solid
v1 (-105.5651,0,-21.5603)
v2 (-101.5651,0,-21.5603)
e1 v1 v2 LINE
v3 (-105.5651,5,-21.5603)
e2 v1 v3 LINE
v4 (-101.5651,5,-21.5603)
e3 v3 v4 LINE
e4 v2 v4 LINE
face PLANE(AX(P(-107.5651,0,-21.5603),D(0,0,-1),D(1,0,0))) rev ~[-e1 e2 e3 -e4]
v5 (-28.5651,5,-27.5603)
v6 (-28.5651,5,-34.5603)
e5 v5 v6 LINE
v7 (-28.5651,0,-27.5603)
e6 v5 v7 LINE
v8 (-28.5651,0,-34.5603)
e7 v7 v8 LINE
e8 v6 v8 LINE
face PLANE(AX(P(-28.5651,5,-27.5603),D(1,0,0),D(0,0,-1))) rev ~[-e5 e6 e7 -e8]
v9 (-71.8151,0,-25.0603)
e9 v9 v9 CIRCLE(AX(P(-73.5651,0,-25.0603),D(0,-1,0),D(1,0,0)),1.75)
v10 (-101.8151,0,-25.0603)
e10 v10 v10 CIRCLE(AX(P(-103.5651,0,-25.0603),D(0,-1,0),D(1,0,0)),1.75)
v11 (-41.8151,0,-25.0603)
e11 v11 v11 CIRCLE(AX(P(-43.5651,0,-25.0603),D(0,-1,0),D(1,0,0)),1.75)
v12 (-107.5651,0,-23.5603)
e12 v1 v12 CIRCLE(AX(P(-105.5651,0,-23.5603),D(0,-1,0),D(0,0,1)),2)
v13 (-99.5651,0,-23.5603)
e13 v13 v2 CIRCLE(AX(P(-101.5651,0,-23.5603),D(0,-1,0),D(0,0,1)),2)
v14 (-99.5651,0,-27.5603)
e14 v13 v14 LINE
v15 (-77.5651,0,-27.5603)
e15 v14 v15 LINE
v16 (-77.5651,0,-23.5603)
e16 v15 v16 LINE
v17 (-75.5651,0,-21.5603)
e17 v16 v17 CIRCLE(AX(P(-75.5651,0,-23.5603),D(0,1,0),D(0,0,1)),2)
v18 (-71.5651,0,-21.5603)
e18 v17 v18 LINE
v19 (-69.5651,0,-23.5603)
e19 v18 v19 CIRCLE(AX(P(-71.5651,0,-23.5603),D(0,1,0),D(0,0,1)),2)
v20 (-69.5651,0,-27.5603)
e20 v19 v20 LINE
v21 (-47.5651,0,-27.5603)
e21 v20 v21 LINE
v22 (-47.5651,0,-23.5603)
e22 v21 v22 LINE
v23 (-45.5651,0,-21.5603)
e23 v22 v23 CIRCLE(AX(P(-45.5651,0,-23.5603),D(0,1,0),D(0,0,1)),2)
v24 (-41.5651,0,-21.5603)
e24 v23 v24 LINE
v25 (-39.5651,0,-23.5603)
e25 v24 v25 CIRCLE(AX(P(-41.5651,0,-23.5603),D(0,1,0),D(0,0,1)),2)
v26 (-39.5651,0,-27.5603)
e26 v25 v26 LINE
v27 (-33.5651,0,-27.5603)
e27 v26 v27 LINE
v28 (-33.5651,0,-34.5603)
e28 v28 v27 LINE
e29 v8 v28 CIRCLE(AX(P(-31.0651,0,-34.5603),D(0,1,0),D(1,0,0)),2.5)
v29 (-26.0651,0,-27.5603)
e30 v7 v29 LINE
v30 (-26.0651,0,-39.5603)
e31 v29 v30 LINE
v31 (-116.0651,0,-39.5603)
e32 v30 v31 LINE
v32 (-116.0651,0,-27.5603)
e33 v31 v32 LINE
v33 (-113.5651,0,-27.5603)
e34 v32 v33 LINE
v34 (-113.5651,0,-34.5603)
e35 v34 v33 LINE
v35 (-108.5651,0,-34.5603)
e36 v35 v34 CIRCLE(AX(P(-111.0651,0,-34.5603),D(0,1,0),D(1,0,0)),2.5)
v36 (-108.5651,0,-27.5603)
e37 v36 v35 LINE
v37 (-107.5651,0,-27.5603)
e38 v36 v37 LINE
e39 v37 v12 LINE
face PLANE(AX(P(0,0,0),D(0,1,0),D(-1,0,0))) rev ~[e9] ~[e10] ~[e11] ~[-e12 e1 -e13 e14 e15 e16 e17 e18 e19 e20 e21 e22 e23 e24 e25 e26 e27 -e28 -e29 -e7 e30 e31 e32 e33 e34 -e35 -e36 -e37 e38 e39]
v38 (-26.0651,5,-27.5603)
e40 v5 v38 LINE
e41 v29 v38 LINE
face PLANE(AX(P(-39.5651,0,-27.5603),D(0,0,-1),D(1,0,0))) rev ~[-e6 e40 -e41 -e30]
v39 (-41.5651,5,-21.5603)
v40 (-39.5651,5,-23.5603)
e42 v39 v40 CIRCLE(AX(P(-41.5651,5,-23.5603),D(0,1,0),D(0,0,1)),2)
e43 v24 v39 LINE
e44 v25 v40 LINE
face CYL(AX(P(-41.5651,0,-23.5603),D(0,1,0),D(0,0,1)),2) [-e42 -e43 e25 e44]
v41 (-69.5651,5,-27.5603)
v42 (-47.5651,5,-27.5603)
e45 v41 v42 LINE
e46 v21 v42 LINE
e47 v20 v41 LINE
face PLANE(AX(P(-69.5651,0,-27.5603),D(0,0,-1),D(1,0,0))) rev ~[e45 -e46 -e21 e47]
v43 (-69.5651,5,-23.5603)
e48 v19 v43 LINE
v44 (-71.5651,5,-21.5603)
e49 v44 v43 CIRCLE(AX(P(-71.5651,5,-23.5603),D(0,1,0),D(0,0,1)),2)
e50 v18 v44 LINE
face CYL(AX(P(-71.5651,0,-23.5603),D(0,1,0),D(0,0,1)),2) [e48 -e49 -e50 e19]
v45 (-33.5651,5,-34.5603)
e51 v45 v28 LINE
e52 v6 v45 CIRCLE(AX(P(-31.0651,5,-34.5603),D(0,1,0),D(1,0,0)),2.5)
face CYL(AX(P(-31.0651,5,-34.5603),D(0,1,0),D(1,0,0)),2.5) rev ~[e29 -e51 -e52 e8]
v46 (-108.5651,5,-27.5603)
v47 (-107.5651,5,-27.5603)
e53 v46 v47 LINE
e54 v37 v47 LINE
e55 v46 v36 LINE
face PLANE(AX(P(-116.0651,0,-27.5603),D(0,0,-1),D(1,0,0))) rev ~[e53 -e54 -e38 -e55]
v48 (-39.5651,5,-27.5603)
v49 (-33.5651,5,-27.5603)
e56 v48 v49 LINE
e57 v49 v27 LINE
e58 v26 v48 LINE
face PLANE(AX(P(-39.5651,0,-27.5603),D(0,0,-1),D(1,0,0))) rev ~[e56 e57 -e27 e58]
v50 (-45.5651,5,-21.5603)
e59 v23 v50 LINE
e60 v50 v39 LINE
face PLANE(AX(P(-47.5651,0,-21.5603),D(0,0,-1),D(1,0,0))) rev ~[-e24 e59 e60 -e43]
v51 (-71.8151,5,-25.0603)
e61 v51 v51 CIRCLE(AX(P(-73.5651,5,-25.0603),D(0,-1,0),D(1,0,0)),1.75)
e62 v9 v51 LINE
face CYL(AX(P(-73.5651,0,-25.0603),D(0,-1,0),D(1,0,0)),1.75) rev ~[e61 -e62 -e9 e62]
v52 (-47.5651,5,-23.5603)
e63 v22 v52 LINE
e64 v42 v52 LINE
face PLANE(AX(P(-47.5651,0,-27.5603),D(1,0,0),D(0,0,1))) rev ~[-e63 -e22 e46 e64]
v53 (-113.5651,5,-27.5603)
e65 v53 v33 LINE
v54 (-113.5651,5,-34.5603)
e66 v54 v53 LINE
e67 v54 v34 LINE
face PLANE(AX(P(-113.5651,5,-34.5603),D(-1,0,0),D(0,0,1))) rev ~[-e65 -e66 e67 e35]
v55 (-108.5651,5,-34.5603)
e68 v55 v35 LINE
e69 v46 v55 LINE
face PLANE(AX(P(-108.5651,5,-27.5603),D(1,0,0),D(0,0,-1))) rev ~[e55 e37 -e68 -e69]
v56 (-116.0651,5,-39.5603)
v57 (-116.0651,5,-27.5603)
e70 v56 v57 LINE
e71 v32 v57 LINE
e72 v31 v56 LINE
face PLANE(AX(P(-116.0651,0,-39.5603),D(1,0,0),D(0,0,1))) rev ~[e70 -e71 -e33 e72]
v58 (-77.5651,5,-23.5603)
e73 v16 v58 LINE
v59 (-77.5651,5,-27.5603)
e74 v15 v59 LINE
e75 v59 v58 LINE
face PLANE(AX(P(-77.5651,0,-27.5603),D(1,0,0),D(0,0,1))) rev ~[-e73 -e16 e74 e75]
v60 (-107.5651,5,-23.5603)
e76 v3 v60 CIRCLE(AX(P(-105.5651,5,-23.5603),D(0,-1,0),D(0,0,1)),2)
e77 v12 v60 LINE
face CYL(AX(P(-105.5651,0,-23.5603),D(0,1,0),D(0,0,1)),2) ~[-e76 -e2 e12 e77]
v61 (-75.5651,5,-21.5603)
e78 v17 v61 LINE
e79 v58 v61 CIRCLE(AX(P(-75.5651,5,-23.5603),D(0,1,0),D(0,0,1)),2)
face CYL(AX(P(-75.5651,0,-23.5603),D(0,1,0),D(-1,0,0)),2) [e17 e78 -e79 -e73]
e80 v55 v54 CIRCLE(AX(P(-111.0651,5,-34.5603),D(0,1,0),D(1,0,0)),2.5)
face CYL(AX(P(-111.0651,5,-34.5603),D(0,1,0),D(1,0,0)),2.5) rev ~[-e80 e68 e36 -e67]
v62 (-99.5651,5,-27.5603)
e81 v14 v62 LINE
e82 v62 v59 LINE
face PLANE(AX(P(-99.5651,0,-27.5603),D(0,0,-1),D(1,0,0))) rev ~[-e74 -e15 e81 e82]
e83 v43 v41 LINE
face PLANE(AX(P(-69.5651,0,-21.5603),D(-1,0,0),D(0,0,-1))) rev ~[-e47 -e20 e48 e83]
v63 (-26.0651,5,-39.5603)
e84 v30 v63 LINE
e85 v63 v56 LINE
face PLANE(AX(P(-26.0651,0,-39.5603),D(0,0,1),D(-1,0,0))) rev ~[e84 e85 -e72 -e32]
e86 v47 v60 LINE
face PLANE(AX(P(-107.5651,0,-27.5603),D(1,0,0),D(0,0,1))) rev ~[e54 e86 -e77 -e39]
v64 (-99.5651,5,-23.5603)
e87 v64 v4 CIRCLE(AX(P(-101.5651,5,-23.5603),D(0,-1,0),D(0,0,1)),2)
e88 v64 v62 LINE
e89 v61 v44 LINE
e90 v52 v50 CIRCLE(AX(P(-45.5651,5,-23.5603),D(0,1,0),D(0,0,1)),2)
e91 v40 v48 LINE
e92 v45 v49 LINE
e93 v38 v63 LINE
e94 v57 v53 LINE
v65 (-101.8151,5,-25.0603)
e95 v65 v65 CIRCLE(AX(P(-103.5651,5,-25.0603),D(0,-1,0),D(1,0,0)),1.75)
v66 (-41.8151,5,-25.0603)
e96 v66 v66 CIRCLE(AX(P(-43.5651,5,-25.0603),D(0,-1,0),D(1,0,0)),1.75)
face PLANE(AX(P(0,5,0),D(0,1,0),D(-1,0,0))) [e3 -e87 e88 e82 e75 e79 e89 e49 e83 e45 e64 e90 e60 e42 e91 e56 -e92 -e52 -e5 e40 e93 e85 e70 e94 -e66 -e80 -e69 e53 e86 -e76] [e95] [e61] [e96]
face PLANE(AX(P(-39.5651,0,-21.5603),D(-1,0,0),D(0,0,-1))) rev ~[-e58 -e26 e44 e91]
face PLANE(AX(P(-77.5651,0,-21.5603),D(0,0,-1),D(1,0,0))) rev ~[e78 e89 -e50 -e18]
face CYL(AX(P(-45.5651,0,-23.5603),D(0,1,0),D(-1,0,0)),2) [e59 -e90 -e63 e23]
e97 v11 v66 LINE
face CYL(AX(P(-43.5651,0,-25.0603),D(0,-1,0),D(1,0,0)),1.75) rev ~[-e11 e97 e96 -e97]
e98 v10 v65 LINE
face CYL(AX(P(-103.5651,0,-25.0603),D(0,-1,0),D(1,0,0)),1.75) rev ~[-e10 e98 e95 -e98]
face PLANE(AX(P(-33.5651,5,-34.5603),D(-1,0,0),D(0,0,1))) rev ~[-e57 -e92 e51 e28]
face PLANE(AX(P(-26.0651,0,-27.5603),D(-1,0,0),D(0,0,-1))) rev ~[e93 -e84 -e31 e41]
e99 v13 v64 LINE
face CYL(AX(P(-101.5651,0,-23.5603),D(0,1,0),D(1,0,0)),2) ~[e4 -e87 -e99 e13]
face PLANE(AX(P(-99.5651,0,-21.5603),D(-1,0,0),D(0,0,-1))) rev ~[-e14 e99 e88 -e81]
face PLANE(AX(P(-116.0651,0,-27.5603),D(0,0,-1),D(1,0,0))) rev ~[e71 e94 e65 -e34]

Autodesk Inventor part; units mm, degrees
ref_plane "YZ Plane" through (0, 0, 0) normal (1, 0, 0) x (0, 1, 0)
ref_plane "XZ Plane" through (0, 0, 0) normal (0, 1, 0) x (-1, 0, 0)
ref_plane "XY Plane" through (0, 0, 0) normal (0, 0, 1) x (1, 0, 0)
sketch "Sketch1" plane through (0, 0, 0) normal (0, 1, 0) x (-1, 0, 0)
  line L0 (26.0651, -39.5603) -> (116.0651, -39.5603)
  line L1 (116.0651, -39.5603) -> (116.0651, -27.5603)
  line L2 (116.0651, -27.5603) -> (26.0651, -27.5603)
  line L3 (26.0651, -27.5603) -> (26.0651, -39.5603)
  line L4 (39.5651, -27.5603) -> (47.5651, -27.5603)
  line L5 (47.5651, -27.5603) -> (47.5651, -21.5603)
  line L6 (47.5651, -21.5603) -> (39.5651, -21.5603)
  line L7 (39.5651, -21.5603) -> (39.5651, -27.5603)
  line L8 (69.5651, -27.5603) -> (77.5651, -27.5603)
  line L9 (77.5651, -27.5603) -> (77.5651, -21.5603)
  line L10 (77.5651, -21.5603) -> (69.5651, -21.5603)
  line L11 (69.5651, -21.5603) -> (69.5651, -27.5603)
  line L12 (99.5651, -27.5603) -> (107.5651, -27.5603)
  line L13 (107.5651, -27.5603) -> (107.5651, -21.5603)
  line L14 (107.5651, -21.5603) -> (99.5651, -21.5603)
  line L15 (99.5651, -21.5603) -> (99.5651, -27.5603)
  point P0 (0, 0)
  dimension "d0" = 90
  dimension "d3" = 12
  dimension "d4" = 21.5
  dimension "d5" = 30
  dimension "d6" = 30
  dimension "d7" = 6
  dimension "d8" = 6
  dimension "d9" = 6
  dimension "d10" = 8
  dimension "d11" = 8
  dimension "d12" = 8
extrude "Extrusion1" add sketch "Sketch1" along normal blind 5
fillet "Fillet1" radius 2 1 edges at (-99.5651, 2.5, -21.5603)
fillet "Fillet2" radius 2 1 edges at (-107.5651, 2.5, -21.5603)
fillet "Fillet3" radius 2 1 edges at (-77.5651, 2.5, -21.5603)
fillet "Fillet4" radius 2 1 edges at (-69.5651, 2.5, -21.5603)
fillet "Fillet5" radius 2 1 edges at (-47.5651, 2.5, -21.5603)
fillet "Fillet6" radius 2 1 edges at (-39.5651, 2.5, -21.5603)
sketch "Sketch2" plane through (0, 0, 0) normal (0, -1, 0) x (1, 0, 0)
  line L0 (-39.5651, -23.5603) -> (-39.5651, -27.5603) projected
  circle A0 centre (-103.5651, -25.0603) radius 1.75
  circle A1 centre (-73.5651, -25.0603) radius 1.75
  circle A2 centre (-43.5651, -25.0603) radius 1.75
  line L1 (-69.5651, -27.5603) -> (-47.5651, -27.5603) projected
  line L2 (-69.5651, -23.5603) -> (-69.5651, -27.5603) projected
  line L3 (-99.5651, -27.5603) -> (-77.5651, -27.5603) projected
  line L4 (-99.5651, -23.5603) -> (-99.5651, -27.5603) projected
  line L5 (-39.5651, -27.5603) -> (-26.0651, -27.5603) projected
  point P0 (0, 0)
  dimension "d23" = 3.5
  dimension "d29" = 3.5
  dimension "d30" = 3.5
  dimension "d47" = 2.5
  dimension "d48" = 4
  dimension "d49" = 2.5
  dimension "d50" = 4
  dimension "d51" = 2.5
  dimension "d52" = 4
extrude "Extrusion2" cut sketch "Sketch2" against normal blind 10
sketch "Sketch4" plane through (0, 5, 0) normal (0, 1, 0) x (1, 0, 0)
  line L0 (-26.0651, 27.5603) -> (-26.0651, 39.5603) projected
  line L1 (-26.0651, 39.5603) -> (-116.0651, 39.5603) projected
  line L2 (-116.0651, 39.5603) -> (-116.0651, 27.5603) projected
  arc A0 (-108.5651, 34.5603) -> (-113.5651, 34.5603) centre (-111.0651, 34.5603) ccw
  arc A1 (-28.5651, 34.5603) -> (-33.5651, 34.5603) centre (-31.0651, 34.5603) ccw
  line L3 (-113.5651, 27.5603) -> (-108.5651, 27.5603)
  line L4 (-108.5651, 27.5603) -> (-108.5651, 34.5603)
  line L5 (-113.5651, 34.5603) -> (-113.5651, 27.5603)
  line L6 (-33.5651, 27.5603) -> (-28.5651, 27.5603)
  line L7 (-28.5651, 27.5603) -> (-28.5651, 34.5603)
  line L8 (-33.5651, 34.5603) -> (-33.5651, 27.5603)
  line L9 (-39.5651, 27.5603) -> (-26.0651, 27.5603) projected
  line L10 (-116.0651, 27.5603) -> (-107.5651, 27.5603) projected
  point P0 (0, 0)
  dimension "d53" = 5
  dimension "d54" = 5
  dimension "d55" = 5
  dimension "d56" = 5
  dimension "d57" = 5
  dimension "d58" = 5
extrude "Extrusion4" cut sketch "Sketch4" against normal blind 10
equation "\"d8\" = d7"
equation "\"d9\" = d7"
properties part number "RodHolderV4" material "Copper"
